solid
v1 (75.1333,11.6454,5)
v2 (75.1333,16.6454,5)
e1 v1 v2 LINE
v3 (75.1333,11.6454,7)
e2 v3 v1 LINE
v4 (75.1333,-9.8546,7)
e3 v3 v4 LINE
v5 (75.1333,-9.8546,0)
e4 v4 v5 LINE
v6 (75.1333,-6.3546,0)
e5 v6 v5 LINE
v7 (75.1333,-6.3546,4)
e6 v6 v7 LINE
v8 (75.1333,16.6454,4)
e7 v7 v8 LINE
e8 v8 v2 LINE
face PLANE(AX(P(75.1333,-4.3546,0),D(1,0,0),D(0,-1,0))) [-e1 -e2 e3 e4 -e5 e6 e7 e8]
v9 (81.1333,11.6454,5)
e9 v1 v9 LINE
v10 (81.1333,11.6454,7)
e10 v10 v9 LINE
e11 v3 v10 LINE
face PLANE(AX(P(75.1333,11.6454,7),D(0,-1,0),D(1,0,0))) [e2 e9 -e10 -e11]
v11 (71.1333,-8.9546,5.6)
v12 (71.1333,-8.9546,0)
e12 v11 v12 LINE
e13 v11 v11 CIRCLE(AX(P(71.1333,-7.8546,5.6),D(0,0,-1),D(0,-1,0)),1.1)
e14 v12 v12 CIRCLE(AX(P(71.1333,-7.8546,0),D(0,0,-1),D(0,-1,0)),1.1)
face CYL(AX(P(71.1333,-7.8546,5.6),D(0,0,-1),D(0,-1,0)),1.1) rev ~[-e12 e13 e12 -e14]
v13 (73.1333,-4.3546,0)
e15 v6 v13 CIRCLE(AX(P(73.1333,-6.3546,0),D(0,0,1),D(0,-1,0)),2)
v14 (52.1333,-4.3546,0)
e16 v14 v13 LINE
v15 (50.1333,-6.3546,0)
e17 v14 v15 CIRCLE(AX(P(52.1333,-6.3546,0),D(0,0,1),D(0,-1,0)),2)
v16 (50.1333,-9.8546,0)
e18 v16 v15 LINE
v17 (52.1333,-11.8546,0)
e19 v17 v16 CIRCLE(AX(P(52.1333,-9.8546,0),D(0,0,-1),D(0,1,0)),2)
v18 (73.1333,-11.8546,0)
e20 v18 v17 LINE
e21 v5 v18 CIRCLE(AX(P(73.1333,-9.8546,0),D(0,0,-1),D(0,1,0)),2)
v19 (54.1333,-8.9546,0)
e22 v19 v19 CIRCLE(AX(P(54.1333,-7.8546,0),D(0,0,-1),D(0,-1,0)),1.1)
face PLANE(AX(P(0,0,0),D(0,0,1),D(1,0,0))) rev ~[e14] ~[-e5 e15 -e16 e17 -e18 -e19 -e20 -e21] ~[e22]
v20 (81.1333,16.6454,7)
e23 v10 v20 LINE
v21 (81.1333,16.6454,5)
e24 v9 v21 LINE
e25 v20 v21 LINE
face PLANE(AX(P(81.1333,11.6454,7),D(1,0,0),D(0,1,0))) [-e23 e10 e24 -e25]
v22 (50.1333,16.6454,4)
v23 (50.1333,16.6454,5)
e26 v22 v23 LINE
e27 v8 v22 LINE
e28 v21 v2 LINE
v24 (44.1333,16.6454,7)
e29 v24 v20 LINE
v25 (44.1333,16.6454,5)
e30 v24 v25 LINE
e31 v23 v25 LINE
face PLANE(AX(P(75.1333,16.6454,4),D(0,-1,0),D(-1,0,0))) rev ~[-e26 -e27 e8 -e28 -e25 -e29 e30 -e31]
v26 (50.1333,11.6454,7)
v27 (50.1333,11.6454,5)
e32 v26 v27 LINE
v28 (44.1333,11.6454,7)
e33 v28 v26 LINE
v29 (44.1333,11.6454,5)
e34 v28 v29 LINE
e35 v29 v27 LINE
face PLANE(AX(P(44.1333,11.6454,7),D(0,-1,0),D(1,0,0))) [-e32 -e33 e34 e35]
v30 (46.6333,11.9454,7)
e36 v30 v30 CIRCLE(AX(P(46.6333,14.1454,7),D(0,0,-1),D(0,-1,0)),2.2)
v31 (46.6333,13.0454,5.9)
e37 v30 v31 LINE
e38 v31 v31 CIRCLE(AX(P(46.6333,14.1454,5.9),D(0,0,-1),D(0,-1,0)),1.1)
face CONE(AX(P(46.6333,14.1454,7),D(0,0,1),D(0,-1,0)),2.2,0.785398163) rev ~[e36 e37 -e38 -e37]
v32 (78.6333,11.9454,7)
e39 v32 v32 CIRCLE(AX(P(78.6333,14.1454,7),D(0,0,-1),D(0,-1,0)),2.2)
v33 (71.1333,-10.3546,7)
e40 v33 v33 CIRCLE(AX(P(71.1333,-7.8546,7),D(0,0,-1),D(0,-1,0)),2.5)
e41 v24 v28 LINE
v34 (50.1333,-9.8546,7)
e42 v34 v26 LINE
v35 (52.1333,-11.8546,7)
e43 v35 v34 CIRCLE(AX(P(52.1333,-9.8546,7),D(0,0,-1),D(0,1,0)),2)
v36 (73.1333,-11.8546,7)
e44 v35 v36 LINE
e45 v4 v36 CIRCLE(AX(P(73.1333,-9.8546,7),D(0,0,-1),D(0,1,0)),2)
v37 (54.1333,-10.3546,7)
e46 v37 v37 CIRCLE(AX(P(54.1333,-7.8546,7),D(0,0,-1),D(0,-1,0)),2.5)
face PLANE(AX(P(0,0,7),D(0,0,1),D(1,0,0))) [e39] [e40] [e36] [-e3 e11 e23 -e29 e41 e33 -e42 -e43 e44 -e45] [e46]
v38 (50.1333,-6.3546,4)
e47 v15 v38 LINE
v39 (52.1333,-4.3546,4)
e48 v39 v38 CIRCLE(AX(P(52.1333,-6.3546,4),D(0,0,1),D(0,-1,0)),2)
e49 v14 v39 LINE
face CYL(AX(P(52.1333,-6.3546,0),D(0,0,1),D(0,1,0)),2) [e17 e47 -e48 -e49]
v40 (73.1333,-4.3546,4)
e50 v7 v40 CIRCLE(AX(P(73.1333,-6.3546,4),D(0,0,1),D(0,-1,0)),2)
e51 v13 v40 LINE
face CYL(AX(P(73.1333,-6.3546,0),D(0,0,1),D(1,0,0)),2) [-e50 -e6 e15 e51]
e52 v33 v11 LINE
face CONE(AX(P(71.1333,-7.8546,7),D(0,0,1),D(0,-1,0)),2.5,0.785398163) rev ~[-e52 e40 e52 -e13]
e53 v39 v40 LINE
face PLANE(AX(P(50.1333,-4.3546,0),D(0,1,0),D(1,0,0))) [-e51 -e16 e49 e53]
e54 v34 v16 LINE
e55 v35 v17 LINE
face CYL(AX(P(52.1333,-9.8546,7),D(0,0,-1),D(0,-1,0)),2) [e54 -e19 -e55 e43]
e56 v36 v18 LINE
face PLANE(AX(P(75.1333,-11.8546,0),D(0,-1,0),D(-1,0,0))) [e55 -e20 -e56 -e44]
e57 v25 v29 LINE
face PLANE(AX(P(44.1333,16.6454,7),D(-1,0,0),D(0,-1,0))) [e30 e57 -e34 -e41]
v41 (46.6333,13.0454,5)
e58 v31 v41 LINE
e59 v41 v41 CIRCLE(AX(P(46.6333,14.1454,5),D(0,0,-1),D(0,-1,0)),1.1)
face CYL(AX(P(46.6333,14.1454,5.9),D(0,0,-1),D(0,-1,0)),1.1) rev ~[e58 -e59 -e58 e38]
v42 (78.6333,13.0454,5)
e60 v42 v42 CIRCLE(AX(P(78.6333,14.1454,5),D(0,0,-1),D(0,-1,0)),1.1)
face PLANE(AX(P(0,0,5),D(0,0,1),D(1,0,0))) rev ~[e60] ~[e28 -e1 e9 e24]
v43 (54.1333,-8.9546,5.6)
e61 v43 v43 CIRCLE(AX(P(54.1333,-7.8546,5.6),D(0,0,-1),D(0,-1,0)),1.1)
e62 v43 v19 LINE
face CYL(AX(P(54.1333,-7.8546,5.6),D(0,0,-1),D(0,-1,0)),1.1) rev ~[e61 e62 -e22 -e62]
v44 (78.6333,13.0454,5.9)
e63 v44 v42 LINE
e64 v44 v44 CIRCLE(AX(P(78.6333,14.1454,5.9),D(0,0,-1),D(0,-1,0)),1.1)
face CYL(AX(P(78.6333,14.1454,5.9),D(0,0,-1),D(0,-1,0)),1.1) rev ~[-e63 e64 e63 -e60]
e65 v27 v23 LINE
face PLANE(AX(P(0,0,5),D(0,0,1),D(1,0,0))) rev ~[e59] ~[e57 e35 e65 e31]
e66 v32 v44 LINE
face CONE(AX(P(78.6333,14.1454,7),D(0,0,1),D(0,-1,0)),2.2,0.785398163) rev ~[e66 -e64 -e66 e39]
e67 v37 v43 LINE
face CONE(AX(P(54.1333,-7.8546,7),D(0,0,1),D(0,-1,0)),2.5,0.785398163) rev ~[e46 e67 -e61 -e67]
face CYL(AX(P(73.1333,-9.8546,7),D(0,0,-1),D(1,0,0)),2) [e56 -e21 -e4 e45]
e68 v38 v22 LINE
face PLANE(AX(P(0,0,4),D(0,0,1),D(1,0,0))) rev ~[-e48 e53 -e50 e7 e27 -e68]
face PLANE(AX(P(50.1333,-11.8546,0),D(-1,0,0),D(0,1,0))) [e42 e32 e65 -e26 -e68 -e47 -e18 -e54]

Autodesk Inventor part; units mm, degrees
ref_plane "YZ Plane" through (0, 0, 0) normal (1, 0, 0) x (0, 1, 0)
ref_plane "XZ Plane" through (0, 0, 0) normal (0, 1, 0) x (-1, 0, 0)
ref_plane "XY Plane" through (0, 0, 0) normal (0, 0, 1) x (1, 0, 0)
sketch "Skizze1" plane through (0, 0, 0) normal (0, 0, 1) x (1, 0, 0)
  line L0 (75.1333, -4.3546) -> (75.1333, -11.8546)
  line L1 (75.1333, -11.8546) -> (50.1333, -11.8546)
  line L2 (50.1333, -11.8546) -> (50.1333, -4.3546)
  line L3 (50.1333, -4.3546) -> (75.1333, -4.3546)
  point P0 (0, 0)
  dimension "d1" = 7.5
  dimension "d2" = 25
extrude "Extrusion1" add sketch "Skizze1" along normal blind 4
sketch "Skizze2" plane through (0, 0, 4) normal (0, 0, 1) x (1, 0, 0)
  line L0 (75.1333, 16.6454) -> (50.1333, 16.6454)
  line L1 (50.1333, 16.6454) -> (50.1333, -4.3546)
  line L2 (75.1333, -4.3546) -> (75.1333, 16.6454)
  line L3 (50.1333, -11.8546) -> (75.1333, -11.8546) projected
  line L4 (75.1333, -11.8546) -> (75.1333, -4.3546) projected
  line L5 (50.1333, -4.3546) -> (50.1333, -11.8546) projected
  line L6 (50.1333, 16.6454) -> (45.1333, 16.6454)
  line L7 (45.1333, 16.6454) -> (45.1333, 11.6454)
  line L8 (45.1333, 11.6454) -> (50.1333, 11.6454)
  line L9 (50.1333, 11.6454) -> (50.1333, 16.6454)
  line L10 (75.1333, 16.6454) -> (80.1333, 16.6454)
  line L11 (80.1333, 16.6454) -> (80.1333, 11.6454)
  line L12 (80.1333, 11.6454) -> (75.1333, 11.6454)
  line L13 (75.1333, 11.6454) -> (75.1333, 16.6454)
  point P0 (0, 0)
  dimension "d25" = 28.5
  dimension "d28" = 5
  dimension "d29" = 5
extrude "Extrusion2" add sketch "Skizze2" along normal blind 3 contours L2 L4 L3 L5 L1 L0
sketch "Skizze3" plane through (0, 0, 7) normal (0, 0, 1) x (1, 0, 0)
  line L0 (50.1333, 16.6454) -> (50.1333, -11.8546) projected
  line L1 (54.1333, -7.8546) -> (50.1333, -7.8546) construction
  line L2 (54.1333, -7.8546) -> (54.1333, -11.8546) construction
  line L3 (71.1333, -7.8546) -> (71.1333, -11.8546) construction
  line L4 (71.1333, -7.8546) -> (75.1333, -7.8546) construction
  line L5 (50.1333, -11.8546) -> (75.1333, -11.8546) construction
  line L6 (75.1333, -11.8546) -> (75.1333, 16.6454) construction
  point P0 (0, 0)
  dimension "d26" = 4
hole "Bohrung1" at (54.1333, -7.8546, 7) at (71.1333, -7.8546, 7) direction (0, 0, -1) diameter 2.2 end through all countersink diameter 5 countersink angle 90
fillet "Rundung1" radius 2 4 edges at (50.1333, -11.8546, 3.5) (75.1333, -11.8546, 3.5) (75.1333, -4.3546, 2) (50.1333, -4.3546, 2)
sketch "Skizze4" plane through (0, 0, 7) normal (0, 0, 1) x (1, 0, 0)
  line L0 (75.1333, -6.3546) -> (75.1333, 16.6454) projected
  line L1 (81.1333, 16.6454) -> (75.1333, 16.6454)
  line L2 (75.1333, 16.6454) -> (75.1333, 11.6454)
  line L3 (75.1333, 11.6454) -> (81.1333, 11.6454)
  line L4 (81.1333, 11.6454) -> (81.1333, 16.6454)
  line L5 (75.1333, 16.6454) -> (50.1333, 16.6454) projected
  line L6 (50.1333, 16.6454) -> (44.1333, 16.6454)
  line L7 (44.1333, 16.6454) -> (44.1333, 11.6454)
  line L8 (44.1333, 11.6454) -> (50.1333, 11.6454)
  line L9 (50.1333, 11.6454) -> (50.1333, 16.6454)
  point P0 (0, 0)
  dimension "d30" = 5
  dimension "d31" = 6
extrude "Extrusion3" add sketch "Skizze4" against normal blind 2
sketch "Skizze5" plane through (0, 0, 7) normal (0, 0, 1) x (1, 0, 0)
  line L0 (44.1333, 11.6454) -> (44.1333, 16.6454) projected
  line L1 (44.1333, 14.1454) -> (46.6333, 14.1454)
  line L2 (78.6333, 14.1454) -> (81.1333, 14.1454)
  line L3 (81.1333, 11.6454) -> (81.1333, 16.6454) projected
  line L4 (44.1333, 11.6454) -> (50.1333, 11.6454) projected
  point P0 (0, 0)
  dimension "d34" = 2.5
  dimension "d42" = 2.5
  dimension "d43" = 2.5
hole "Bohrung2" at (78.6333, 14.1454, 7) at (46.6333, 14.1454, 7) direction (0, 0, -1) diameter 2.2 end through all countersink diameter 4.4 countersink angle 90 clearance for "Flachkopfmaschinenschraube" size "M2" standard "ANSI Metrisches M Profil"
properties part number "Sliderhalter" material "PC/ABS-Kunststoff, 3DDruck, PLA"
